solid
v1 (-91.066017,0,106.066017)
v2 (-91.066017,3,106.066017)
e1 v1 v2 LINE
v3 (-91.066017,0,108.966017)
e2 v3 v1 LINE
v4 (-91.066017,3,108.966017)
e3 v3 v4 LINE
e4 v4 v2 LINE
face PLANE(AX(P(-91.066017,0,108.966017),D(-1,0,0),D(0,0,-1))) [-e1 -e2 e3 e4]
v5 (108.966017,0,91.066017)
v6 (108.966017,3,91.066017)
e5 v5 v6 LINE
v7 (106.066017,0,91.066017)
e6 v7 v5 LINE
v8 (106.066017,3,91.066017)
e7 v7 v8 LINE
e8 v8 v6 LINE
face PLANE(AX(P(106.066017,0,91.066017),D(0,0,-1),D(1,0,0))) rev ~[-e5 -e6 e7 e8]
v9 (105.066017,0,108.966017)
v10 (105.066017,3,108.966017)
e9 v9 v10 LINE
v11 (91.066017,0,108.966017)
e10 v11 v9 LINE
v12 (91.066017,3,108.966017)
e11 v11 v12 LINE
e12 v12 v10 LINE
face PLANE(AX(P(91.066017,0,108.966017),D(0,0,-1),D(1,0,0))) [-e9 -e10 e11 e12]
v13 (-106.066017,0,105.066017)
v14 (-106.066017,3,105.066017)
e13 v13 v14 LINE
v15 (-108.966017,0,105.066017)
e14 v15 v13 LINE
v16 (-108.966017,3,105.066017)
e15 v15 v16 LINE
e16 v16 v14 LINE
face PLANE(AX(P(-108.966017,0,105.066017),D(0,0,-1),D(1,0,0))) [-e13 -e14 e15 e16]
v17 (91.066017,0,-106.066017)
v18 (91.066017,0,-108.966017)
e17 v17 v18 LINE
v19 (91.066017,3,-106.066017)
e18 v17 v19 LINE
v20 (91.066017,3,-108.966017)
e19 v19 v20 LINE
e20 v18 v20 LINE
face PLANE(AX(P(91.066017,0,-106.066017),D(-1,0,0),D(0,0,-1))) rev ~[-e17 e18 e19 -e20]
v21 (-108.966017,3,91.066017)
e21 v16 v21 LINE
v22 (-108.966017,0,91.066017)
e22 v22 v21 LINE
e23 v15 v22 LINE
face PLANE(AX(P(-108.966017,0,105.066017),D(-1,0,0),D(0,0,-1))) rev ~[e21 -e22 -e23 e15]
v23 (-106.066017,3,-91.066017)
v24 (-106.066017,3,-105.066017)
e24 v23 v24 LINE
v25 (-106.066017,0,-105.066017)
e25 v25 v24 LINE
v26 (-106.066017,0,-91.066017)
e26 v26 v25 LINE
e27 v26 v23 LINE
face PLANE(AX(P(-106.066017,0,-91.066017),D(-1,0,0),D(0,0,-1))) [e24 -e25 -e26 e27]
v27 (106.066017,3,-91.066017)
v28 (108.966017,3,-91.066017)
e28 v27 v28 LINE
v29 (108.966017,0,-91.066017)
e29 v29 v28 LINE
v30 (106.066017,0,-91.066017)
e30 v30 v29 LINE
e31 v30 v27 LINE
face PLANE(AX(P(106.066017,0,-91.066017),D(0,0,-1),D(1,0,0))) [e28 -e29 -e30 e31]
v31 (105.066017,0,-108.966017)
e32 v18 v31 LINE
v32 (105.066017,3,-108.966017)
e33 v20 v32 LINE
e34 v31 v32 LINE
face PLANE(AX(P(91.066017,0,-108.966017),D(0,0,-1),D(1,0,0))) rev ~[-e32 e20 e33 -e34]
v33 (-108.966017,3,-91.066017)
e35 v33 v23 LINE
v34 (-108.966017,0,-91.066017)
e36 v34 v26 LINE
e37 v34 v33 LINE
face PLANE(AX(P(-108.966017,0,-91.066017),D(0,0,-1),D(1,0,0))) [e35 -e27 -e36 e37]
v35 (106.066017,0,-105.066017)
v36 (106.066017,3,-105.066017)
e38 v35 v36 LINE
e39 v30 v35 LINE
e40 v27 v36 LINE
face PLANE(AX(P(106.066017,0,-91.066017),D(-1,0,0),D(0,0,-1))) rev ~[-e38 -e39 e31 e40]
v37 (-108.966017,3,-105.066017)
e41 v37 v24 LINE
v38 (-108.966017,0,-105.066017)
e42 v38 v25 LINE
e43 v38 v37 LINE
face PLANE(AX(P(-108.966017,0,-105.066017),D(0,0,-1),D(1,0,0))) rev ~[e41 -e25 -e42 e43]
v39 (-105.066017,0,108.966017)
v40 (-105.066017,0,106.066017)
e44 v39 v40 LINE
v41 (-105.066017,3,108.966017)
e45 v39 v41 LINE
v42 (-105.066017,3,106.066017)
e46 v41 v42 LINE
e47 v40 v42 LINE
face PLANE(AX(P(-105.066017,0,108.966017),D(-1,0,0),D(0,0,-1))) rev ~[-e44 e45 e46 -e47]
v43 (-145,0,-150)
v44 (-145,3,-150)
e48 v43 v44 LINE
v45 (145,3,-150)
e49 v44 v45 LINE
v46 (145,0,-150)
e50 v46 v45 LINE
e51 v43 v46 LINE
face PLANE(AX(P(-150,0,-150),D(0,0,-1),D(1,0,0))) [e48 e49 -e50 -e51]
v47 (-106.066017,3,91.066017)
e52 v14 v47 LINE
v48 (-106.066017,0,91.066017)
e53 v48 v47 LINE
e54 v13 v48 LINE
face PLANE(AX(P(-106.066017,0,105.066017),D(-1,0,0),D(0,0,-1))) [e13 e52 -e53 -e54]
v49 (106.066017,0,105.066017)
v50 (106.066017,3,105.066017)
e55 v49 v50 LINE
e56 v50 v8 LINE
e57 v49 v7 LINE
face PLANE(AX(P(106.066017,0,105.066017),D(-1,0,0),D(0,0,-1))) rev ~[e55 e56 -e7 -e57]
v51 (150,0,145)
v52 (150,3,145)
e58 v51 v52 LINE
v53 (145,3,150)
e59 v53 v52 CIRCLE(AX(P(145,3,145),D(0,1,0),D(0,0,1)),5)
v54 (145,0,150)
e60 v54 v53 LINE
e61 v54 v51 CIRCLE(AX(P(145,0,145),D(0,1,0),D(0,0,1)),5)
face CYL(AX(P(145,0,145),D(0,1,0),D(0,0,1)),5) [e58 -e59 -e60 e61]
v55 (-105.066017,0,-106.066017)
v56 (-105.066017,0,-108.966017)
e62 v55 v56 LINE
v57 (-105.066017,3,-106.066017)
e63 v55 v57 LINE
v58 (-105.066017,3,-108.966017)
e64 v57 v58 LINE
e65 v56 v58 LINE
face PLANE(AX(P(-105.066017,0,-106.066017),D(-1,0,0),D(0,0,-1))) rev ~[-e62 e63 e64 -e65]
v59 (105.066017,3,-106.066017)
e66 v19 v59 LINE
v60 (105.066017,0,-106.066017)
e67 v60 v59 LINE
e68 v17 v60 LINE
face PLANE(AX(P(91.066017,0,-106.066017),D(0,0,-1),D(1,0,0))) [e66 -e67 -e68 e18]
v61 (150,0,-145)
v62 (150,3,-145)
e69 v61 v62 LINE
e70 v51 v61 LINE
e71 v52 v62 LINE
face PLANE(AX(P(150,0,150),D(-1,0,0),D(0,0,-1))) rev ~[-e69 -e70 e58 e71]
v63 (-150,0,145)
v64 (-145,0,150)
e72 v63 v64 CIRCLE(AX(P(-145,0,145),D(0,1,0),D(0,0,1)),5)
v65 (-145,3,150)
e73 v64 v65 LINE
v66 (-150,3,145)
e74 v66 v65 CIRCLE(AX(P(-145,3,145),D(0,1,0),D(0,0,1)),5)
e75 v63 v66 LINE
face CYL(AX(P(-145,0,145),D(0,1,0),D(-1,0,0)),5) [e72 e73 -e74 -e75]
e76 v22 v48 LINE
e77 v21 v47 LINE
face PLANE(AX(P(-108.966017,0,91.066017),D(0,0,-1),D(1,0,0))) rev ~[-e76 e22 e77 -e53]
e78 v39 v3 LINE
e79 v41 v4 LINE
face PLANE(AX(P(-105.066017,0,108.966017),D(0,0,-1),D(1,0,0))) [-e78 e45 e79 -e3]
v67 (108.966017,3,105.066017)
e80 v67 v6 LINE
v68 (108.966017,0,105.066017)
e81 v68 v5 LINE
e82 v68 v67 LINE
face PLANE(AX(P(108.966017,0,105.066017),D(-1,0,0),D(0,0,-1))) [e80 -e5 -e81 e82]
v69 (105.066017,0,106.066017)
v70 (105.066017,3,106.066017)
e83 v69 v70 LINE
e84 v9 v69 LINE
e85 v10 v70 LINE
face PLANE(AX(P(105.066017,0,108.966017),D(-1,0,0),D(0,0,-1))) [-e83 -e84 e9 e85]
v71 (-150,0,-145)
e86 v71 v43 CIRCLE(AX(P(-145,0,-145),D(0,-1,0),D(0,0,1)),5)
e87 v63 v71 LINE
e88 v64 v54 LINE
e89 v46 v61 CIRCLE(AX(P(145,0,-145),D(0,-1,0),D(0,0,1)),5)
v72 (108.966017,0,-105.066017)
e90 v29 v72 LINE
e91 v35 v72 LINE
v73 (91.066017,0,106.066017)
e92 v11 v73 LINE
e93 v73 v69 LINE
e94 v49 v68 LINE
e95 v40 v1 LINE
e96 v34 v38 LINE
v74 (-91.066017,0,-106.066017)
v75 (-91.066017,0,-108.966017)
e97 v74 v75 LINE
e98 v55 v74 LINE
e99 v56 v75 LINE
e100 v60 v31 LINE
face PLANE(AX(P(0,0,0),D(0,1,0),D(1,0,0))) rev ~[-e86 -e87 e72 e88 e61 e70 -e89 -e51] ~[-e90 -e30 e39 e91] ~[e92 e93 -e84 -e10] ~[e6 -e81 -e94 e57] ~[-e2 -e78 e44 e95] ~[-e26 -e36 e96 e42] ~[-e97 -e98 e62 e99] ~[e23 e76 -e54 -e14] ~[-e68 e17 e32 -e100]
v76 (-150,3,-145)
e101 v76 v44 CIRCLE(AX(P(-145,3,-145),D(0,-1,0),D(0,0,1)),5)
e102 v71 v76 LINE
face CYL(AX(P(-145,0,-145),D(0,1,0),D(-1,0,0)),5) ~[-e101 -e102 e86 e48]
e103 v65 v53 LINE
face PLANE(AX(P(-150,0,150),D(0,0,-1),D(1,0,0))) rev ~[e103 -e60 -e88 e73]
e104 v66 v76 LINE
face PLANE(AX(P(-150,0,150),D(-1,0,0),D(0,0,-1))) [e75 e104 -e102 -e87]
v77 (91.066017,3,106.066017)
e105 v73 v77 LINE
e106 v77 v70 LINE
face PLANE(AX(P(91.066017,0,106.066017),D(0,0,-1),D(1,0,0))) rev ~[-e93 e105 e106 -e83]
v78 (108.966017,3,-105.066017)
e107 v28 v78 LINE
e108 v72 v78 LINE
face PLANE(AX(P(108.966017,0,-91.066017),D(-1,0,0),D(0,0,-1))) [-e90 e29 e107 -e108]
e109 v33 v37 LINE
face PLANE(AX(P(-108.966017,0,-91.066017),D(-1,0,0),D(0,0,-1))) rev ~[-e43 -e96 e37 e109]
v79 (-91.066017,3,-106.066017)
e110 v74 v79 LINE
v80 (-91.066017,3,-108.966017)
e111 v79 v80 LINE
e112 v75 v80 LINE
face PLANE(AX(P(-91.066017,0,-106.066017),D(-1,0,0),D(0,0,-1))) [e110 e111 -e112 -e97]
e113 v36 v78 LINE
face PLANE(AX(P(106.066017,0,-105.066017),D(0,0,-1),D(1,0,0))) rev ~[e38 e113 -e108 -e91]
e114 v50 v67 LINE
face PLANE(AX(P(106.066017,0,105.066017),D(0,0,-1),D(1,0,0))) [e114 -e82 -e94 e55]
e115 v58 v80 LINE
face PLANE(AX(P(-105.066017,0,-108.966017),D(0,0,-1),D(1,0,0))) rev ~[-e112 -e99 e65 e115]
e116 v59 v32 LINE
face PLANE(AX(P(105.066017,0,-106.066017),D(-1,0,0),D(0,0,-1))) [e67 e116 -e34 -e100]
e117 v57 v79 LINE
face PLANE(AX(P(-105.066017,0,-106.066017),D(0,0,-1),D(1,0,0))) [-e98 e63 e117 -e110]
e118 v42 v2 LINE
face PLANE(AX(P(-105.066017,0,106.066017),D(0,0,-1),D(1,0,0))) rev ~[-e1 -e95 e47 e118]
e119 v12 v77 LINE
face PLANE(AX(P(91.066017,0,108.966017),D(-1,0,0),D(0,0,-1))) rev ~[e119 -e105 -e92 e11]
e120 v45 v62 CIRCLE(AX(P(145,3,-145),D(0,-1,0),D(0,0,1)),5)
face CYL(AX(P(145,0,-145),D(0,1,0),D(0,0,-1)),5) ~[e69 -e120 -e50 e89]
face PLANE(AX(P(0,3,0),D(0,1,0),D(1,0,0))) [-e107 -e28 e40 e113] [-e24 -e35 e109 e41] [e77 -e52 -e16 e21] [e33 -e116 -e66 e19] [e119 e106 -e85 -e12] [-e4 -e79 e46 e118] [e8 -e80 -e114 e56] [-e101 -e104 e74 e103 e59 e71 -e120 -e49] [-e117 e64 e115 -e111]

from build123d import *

# Parameters (mm, degrees)
SKETCH1_W           = 300
SKETCH1_H           = 300
SKETCH1_W_2         = 2.9
SKETCH1_H_2         = 14
SKETCH1_W_3         = 14
SKETCH1_H_3         = 2.9
BOSS_EXTRUDE1_DEPTH = 3
FILLET1_R           = 5


with BuildPart() as part:
    # Sketch1 → Boss-Extrude1 (new body)
    with BuildSketch(Plane(origin=(0, 0, 0), x_dir=(1, 0, 0), z_dir=(0, 1, 0))):
        Rectangle(SKETCH1_W, SKETCH1_H)
        with Locations((107.516017178, -98.066017178)):
            Rectangle(SKETCH1_W_2, SKETCH1_H_2, mode=Mode.SUBTRACT)
        with Locations((98.066017178, 107.516017178)):
            Rectangle(SKETCH1_W_3, SKETCH1_H_3, mode=Mode.SUBTRACT)
        with Locations((107.516017178, 98.066017178)):
            Rectangle(SKETCH1_W_2, SKETCH1_H_2, mode=Mode.SUBTRACT)
        with Locations((98.066017178, -107.516017178)):
            Rectangle(SKETCH1_W_3, SKETCH1_H_3, mode=Mode.SUBTRACT)
        with Locations((-98.066017178, -107.516017178)):
            Rectangle(SKETCH1_W_3, SKETCH1_H_3, mode=Mode.SUBTRACT)
        with Locations((-107.516017178, -98.066017178)):
            Rectangle(SKETCH1_W_2, SKETCH1_H_2, mode=Mode.SUBTRACT)
        with Locations((-107.516017178, 98.066017178)):
            Rectangle(SKETCH1_W_2, SKETCH1_H_2, mode=Mode.SUBTRACT)
        with Locations((-98.066017178, 107.516017178)):
            Rectangle(SKETCH1_W_3, SKETCH1_H_3, mode=Mode.SUBTRACT)
    extrude(amount=BOSS_EXTRUDE1_DEPTH)

    # Fillet1
    fillet1_edges = [part.edges().sort_by_distance(p)[0] for p in [
        (-150, 1.5, -150),
        (150, 1.5, -150),
        (150, 1.5, 150),
        (-150, 1.5, 150),
    ]]
    fillet(fillet1_edges, radius=FILLET1_R)


solid = part.part
